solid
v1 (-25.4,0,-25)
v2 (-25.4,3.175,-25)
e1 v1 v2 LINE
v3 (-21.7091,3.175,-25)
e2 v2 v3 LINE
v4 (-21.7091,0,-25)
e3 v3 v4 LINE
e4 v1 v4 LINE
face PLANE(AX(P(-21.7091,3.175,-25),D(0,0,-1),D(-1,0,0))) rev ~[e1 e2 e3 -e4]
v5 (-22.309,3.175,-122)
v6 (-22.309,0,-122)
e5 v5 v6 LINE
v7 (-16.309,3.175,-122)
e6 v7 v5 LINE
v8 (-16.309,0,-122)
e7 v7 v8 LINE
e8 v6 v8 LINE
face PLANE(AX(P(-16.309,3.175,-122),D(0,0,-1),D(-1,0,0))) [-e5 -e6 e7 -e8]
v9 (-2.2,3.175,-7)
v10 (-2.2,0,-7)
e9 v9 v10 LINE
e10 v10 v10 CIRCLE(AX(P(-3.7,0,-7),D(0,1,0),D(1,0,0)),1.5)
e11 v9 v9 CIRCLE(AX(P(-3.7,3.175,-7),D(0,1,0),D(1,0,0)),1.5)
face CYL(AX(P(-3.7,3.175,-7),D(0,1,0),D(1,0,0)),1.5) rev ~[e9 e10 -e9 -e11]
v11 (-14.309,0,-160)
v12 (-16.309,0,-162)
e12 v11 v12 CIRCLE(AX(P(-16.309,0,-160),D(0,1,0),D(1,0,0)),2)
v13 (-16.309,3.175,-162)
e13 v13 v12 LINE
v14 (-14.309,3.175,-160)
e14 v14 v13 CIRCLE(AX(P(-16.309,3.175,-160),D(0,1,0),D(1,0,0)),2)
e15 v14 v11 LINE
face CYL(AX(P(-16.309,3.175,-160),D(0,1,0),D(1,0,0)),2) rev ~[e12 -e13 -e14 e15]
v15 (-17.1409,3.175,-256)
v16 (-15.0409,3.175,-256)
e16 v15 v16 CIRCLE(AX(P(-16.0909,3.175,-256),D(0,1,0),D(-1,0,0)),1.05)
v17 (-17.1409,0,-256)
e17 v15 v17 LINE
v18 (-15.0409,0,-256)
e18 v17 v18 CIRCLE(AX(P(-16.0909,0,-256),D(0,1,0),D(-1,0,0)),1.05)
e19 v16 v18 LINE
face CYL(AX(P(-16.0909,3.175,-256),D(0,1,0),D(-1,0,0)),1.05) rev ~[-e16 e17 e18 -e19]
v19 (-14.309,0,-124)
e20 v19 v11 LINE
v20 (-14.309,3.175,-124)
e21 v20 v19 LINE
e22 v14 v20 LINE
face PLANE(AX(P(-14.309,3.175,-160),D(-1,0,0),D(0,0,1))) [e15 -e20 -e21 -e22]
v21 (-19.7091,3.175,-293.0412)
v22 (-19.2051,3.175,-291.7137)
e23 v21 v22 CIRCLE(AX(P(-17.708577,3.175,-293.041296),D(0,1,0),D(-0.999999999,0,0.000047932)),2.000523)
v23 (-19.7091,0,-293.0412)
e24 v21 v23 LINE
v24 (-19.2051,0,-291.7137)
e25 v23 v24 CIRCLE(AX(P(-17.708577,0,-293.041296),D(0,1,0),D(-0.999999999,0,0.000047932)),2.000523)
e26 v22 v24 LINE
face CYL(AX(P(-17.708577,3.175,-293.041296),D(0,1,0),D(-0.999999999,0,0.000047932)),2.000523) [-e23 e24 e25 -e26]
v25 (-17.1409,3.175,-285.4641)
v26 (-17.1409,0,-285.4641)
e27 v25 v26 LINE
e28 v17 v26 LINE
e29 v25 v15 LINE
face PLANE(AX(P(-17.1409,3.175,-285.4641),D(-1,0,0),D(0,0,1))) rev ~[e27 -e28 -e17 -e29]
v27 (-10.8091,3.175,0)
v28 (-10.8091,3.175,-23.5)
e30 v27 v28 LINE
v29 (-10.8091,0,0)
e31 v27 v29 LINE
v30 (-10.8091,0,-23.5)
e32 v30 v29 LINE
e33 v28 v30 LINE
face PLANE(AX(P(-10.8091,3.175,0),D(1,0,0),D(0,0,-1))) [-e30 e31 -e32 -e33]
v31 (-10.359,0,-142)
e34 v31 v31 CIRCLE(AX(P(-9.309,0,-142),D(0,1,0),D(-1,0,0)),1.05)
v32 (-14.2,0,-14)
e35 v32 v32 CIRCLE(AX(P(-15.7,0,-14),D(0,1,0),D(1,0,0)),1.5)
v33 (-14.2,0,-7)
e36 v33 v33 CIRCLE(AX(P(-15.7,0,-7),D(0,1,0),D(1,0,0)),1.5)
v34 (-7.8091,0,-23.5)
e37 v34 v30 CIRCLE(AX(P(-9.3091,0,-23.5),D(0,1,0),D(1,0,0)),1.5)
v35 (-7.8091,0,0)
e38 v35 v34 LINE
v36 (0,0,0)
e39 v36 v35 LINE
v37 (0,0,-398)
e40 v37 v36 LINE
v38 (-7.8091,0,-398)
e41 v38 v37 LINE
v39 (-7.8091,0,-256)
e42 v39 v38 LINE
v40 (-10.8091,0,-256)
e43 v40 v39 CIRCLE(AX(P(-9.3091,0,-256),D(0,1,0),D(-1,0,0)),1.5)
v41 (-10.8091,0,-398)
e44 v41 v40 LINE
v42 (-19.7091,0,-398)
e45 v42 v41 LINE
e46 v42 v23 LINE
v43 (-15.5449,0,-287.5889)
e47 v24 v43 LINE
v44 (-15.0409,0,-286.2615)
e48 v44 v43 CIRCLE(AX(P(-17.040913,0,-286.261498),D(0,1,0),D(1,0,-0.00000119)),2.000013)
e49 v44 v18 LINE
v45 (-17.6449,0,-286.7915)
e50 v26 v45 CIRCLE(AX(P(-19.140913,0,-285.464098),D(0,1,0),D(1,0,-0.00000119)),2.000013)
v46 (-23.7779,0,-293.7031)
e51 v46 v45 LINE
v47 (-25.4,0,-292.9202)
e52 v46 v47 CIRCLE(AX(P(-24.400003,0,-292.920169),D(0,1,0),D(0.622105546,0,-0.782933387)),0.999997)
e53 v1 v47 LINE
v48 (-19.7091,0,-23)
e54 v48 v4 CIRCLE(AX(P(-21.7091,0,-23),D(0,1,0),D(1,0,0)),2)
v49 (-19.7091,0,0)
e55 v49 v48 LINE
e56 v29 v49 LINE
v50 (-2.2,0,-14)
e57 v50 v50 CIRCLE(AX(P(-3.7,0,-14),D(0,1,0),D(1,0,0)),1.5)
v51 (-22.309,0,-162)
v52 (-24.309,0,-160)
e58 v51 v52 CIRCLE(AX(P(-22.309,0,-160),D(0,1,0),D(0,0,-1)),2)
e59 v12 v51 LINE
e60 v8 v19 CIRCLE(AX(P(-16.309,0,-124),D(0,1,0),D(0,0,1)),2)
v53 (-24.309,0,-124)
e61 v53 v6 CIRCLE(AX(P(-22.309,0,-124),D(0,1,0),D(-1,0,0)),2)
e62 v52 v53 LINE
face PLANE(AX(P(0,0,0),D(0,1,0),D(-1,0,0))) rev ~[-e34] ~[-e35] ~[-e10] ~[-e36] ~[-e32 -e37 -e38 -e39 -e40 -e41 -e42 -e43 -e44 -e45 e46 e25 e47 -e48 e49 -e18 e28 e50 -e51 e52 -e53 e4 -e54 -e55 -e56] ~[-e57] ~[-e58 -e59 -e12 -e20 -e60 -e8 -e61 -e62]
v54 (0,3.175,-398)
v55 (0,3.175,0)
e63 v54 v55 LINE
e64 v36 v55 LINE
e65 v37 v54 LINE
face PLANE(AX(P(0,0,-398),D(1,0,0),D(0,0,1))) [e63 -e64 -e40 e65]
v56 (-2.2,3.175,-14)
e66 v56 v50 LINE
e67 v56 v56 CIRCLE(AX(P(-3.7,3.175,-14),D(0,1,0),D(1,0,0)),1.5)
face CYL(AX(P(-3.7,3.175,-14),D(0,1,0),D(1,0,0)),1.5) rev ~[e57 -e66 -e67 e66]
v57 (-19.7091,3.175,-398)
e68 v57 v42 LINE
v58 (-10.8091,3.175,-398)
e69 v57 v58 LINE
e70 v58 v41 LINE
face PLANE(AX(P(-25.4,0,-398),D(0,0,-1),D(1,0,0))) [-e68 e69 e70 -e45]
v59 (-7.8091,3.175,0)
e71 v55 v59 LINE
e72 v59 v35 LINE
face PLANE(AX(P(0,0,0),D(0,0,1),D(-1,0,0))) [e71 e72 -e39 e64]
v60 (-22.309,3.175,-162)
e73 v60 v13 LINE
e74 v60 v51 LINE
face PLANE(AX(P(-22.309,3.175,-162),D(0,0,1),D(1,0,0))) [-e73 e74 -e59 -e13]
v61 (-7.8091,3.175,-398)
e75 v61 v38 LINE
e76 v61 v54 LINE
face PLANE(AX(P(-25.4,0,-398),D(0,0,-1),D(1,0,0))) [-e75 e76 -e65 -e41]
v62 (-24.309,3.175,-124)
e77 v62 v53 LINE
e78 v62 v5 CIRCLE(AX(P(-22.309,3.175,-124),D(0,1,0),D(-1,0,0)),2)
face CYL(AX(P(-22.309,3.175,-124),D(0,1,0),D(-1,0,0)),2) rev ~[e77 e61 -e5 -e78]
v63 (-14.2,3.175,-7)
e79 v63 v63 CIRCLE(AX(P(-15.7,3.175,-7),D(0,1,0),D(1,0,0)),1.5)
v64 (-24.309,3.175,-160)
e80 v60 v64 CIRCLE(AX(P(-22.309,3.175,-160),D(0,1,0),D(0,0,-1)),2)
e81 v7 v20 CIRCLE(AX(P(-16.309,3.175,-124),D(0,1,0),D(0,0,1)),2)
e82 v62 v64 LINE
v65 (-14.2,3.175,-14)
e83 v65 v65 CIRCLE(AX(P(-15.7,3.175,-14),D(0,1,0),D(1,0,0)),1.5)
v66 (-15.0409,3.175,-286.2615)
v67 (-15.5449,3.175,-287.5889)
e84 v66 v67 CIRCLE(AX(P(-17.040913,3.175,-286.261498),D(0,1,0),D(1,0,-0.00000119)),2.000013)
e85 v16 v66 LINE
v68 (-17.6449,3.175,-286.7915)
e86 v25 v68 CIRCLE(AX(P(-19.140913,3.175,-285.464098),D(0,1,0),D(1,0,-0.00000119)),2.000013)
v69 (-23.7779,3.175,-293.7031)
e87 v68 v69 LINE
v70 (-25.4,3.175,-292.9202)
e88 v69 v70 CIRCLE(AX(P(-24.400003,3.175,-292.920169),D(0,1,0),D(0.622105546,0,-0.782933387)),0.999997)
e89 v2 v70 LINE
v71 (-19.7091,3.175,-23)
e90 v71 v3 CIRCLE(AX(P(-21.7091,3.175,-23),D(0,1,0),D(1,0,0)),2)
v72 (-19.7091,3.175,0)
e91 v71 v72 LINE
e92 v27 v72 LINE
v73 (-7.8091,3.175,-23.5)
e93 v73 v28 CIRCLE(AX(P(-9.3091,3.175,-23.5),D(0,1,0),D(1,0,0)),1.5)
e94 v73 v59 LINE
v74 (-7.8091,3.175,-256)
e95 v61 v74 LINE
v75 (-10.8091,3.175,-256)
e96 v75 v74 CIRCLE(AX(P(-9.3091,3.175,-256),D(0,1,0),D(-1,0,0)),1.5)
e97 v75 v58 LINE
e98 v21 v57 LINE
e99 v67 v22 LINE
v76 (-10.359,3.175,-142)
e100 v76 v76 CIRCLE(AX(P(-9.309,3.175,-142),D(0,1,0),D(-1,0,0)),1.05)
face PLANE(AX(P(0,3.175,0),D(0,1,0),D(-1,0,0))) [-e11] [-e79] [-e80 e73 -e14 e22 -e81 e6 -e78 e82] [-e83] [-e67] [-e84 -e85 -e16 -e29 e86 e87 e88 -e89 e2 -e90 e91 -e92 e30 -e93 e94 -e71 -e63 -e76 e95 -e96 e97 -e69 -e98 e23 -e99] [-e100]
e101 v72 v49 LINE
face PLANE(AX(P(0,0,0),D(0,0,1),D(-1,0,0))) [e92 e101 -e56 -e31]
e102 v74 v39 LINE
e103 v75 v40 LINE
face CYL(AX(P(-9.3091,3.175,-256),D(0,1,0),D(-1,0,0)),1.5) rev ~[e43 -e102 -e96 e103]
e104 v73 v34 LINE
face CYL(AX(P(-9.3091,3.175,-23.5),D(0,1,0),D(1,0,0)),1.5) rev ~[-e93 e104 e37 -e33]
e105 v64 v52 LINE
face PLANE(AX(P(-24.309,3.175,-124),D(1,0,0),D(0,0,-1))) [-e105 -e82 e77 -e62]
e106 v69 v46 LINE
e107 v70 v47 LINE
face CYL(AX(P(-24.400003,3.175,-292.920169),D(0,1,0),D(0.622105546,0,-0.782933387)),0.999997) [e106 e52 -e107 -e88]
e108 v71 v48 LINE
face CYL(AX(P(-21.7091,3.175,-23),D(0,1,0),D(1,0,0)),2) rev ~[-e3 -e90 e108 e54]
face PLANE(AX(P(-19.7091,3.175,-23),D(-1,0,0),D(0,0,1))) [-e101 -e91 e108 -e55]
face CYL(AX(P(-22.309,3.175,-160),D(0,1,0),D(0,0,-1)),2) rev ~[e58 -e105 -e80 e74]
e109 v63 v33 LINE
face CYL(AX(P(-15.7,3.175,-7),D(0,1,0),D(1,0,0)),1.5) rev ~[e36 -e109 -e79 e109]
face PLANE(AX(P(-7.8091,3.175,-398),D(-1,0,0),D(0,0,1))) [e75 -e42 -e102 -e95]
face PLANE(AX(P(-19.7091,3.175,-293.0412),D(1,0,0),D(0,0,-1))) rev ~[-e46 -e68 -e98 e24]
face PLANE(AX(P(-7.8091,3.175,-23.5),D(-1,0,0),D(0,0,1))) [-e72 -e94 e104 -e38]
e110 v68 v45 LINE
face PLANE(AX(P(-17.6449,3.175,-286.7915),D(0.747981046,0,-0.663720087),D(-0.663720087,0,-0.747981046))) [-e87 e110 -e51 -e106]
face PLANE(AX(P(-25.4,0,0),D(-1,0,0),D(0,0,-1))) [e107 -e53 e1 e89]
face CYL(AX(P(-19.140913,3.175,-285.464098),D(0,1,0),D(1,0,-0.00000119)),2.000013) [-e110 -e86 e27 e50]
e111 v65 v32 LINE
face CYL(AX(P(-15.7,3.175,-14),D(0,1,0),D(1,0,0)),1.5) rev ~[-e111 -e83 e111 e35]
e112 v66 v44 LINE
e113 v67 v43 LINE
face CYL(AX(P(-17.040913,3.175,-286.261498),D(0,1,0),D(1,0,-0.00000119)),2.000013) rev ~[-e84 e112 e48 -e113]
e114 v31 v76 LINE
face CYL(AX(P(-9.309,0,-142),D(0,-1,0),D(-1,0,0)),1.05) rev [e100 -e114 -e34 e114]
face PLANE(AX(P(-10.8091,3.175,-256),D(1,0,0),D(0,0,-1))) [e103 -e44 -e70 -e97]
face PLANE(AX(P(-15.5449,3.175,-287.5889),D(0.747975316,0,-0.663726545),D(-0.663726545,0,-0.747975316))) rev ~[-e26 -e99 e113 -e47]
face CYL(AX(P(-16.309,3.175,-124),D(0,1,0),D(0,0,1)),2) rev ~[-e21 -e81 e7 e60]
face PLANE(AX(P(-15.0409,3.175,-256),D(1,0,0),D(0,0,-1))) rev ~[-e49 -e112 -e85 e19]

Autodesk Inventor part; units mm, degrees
ref_plane "YZ Plane" through (0, 0, 0) normal (1, 0, 0) x (0, 1, 0)
ref_plane "XZ Plane" through (0, 0, 0) normal (0, 1, 0) x (-1, 0, 0)
ref_plane "XY Plane" through (0, 0, 0) normal (0, 0, 1) x (1, 0, 0)
sketch "Sketch1" plane through (0, 0, 0) normal (0, 1, 0) x (-1, 0, 0)
  line L0 (0, 0) -> (25.4, 0)
  line L1 (25.4, 0) -> (25.4, -398)
  line L2 (25.4, -398) -> (0, -398)
  line L3 (0, -398) -> (0, 0)
  circle A0 centre (9.309, -142) radius 1.05
  line L4 (14.309, -132) -> (24.309, -132)
  line L5 (24.309, -132) -> (24.309, -152)
  line L6 (24.309, -152) -> (14.309, -152)
  line L7 (14.309, -152) -> (14.309, -132)
  line L8 (12.7, 0) -> (12.7, -398) construction
  dimension "d0" = 398
  dimension "d4" = 142
  dimension "d5" = 2.1
  dimension "d10" = 10
  dimension "d11" = 10
  dimension "d12" = 5
  dimension "d13" = 10
  dimension "d74" = 12.7
  dimension "d76" = 3.391
extrude "Extrusion2" add sketch "Sketch1" along normal blind 3.175 contours L0 L1 L2 L3 | L4 L5 L6 L7
ref_plane "Work Plane1" through (-12.7, 0, 0) normal (1, 0, 0) x (0, 0, -1)
sketch "Sketch2" plane through (0, 3.175, 0) normal (0, 1, 0) x (1, 0, 0)
  line L0 (-16.309, 122) -> (-22.309, 122)
  line L1 (-24.309, 124) -> (-24.309, 160)
  line L2 (-22.309, 162) -> (-16.309, 162)
  line L3 (-14.309, 160) -> (-14.309, 124)
  circle A0 centre (-9.309, 142) radius 1.05 projected
  arc A1 (-10.8091, 256) -> (-7.8091, 256) centre (-9.3091, 256) ccw
  line L4 (0, 398) -> (-25.4, 398) projected
  line L5 (0, 0) -> (0, 398) projected
  line L6 (-10.8091, 256) -> (-10.8091, 398)
  line L7 (-10.8091, 398) -> (-7.8091, 398)
  line L8 (-7.8091, 398) -> (-7.8091, 256)
  arc A2 (-17.1409, 256) -> (-15.0409, 256) centre (-16.0909, 256) ccw
  line L9 (-15.0409, 256) -> (-15.0409, 286.2615)
  line L10 (-17.1409, 285.4641) -> (-17.1409, 256)
  line L11 (-17.6449, 286.7915) -> (-23.7779, 293.7031)
  line L12 (-25.7091, 294.203) -> (-25.7091, 398)
  line L13 (-15.5449, 287.5889) -> (-19.2051, 291.7137)
  line L14 (-19.7091, 293.0412) -> (-19.7091, 398)
  line L15 (-25.7091, 398) -> (-19.7091, 398)
  line L16 (-25.4, 0) -> (0, 0) projected
  line L17 (-7.8091, 0) -> (-10.8091, 0)
  line L18 (-10.8091, 0) -> (-10.8091, 23.5)
  line L19 (-7.8091, 23.5) -> (-7.8091, 0)
  line L20 (-19.7091, 0) -> (-25.7091, 0)
  line L21 (-25.7091, 0) -> (-25.7091, 25)
  line L22 (-19.7091, 23) -> (-19.7091, 0)
  arc A3 (-22.309, 162) -> (-24.309, 160) centre (-22.309, 160) ccw
  arc A4 (-14.309, 160) -> (-16.309, 162) centre (-16.309, 160) ccw
  arc A5 (-24.309, 124) -> (-22.309, 122) centre (-22.309, 124) ccw
  arc A6 (-16.309, 122) -> (-14.309, 124) centre (-16.309, 124) ccw
  arc A7 (-19.7091, 293.0412) -> (-19.2051, 291.7137) centre (-17.7091, 293.0412) ccw
  arc A8 (-17.1409, 285.4641) -> (-17.6449, 286.7915) centre (-19.1409, 285.4641) ccw
  arc A9 (-15.0409, 286.2615) -> (-15.5449, 287.5889) centre (-17.0409, 286.2615) ccw
  circle A10 centre (-15.7, 7) radius 1.5
  line L23 (-25.4, 0) -> (-25.4, 398) projected
  arc A11 (-7.8091, 23.5) -> (-10.8091, 23.5) centre (-9.3091, 23.5) ccw
  line L24 (-12.7, 398) -> (-12.7, 0) construction
  line L25 (-22.7091, 398) -> (-22.7091, 316.511) construction
  line L26 (-21.7091, 25) -> (-25.7091, 25)
  arc A12 (-19.7091, 23) -> (-21.7091, 25) centre (-21.7091, 23) ccw
  circle A13 centre (-3.7, 7) radius 1.5
  line L27 (-25.7091, 296.4624) -> (-25.7091, 292.6371)
  line L28 (-25.7091, 292.6371) -> (-25.7091, 288.9391)
  line L29 (-25.7091, 288.9391) -> (-25.4, 288.9391)
  line L30 (-25.4, 398) -> (-25.4, 0) projected
  line L31 (-25.4, 292.9202) -> (-25.4, 288.9391)
  arc A14 (-23.7779, 293.7031) -> (-25.4, 292.9202) centre (-24.4, 292.9202) ccw
  circle A15 centre (-15.7, 14) radius 1.5
  circle A16 centre (-3.7, 14) radius 1.5
  point P0 (-14.309, 122)
  point P1 (-24.309, 162)
  point P2 (-24.309, 122)
  point P3 (-14.309, 162)
  point P4 (-15.0409, 287.0209)
  point P5 (-17.1409, 286.2235)
  point P6 (-25.7091, 295.8795)
  point P7 (-19.7091, 292.2818)
  dimension "d14" = 5
  dimension "d15" = 10
  dimension "d16" = 40
  dimension "d17" = 20
  dimension "d25" = 6.7818
  dimension "d45" = 2
  dimension "d83" = 25.4
  dimension "d84" = 9.309
  dimension "d87" = 3
  dimension "d89" = 3
  dimension "d90" = 6
  dimension "d91" = 2.1
  dimension "d92" = 2.1
  dimension "d93" = 1.05
  dimension "d94" = 1.5
  dimension "d95" = 12.7
  dimension "d97" = 3.3909
  dimension "d98" = 13.4
  dimension "d99" = 3
  dimension "d100" = 3.3909
  dimension "d105" = 1.5
  dimension "d107" = 2
  dimension "d111" = 7
  dimension "d114" = 8.9
  dimension "d116" = 6
  dimension "d117" = 0
  dimension "d120" = 3
  dimension "d123" = 3
  dimension "d124" = 9
  dimension "d127" = 1
  dimension "d129" = 7
  dimension "d130" = 7
  dimension "d131" = 0
  dimension "d132" = 3
  dimension "d133" = 3
  dimension "d134" = 7
  dimension "d135" = 9
  dimension "d144" = 25
  dimension "d145" = 23.5
extrude "Extrusion8" cut sketch "Sketch2" against normal up to next contours L0 A5 L1 A3 L2 A4 L3 A6 | L6 L4 L8 A1 | L14 A7 L13 A9 L9 A2 L10 A8 L11 A14 L23 L4 | L23 L29 L28 L27 L12 L15 | L16 L18 A11 L19 | L26 A12 L22 L16 L23 | L23 L20 L21 L26 | A10 | A13 | A15 | A16
thread "Thread1" size "M3x0.5" class "6H" standard "ANSI Metric M Profile" full length
thread "Thread2" size "M3x0.5" class "6H" standard "ANSI Metric M Profile" full length
thread "Thread3" size "M3x0.5" class "6H" standard "ANSI Metric M Profile" full length
thread "Thread4" size "M3x0.5" class "6H" standard "ANSI Metric M Profile" full length
thread "Thread5" size "M2.2x0.45" class "6H" standard "ANSI Metric M Profile" full length
equation "\"d95\" = 0.5 * d83"
equation "\"d97\" = 0.5 * d25"
equation "\"d99\" = d89"
equation "\"d100\" = d97"
equation "\"d105\" = 0.5 * d99"
equation "\"d116\" = d90"
equation "\"d120\" = d87"
equation "\"d125\" = d120"
properties part number "Horn support"
